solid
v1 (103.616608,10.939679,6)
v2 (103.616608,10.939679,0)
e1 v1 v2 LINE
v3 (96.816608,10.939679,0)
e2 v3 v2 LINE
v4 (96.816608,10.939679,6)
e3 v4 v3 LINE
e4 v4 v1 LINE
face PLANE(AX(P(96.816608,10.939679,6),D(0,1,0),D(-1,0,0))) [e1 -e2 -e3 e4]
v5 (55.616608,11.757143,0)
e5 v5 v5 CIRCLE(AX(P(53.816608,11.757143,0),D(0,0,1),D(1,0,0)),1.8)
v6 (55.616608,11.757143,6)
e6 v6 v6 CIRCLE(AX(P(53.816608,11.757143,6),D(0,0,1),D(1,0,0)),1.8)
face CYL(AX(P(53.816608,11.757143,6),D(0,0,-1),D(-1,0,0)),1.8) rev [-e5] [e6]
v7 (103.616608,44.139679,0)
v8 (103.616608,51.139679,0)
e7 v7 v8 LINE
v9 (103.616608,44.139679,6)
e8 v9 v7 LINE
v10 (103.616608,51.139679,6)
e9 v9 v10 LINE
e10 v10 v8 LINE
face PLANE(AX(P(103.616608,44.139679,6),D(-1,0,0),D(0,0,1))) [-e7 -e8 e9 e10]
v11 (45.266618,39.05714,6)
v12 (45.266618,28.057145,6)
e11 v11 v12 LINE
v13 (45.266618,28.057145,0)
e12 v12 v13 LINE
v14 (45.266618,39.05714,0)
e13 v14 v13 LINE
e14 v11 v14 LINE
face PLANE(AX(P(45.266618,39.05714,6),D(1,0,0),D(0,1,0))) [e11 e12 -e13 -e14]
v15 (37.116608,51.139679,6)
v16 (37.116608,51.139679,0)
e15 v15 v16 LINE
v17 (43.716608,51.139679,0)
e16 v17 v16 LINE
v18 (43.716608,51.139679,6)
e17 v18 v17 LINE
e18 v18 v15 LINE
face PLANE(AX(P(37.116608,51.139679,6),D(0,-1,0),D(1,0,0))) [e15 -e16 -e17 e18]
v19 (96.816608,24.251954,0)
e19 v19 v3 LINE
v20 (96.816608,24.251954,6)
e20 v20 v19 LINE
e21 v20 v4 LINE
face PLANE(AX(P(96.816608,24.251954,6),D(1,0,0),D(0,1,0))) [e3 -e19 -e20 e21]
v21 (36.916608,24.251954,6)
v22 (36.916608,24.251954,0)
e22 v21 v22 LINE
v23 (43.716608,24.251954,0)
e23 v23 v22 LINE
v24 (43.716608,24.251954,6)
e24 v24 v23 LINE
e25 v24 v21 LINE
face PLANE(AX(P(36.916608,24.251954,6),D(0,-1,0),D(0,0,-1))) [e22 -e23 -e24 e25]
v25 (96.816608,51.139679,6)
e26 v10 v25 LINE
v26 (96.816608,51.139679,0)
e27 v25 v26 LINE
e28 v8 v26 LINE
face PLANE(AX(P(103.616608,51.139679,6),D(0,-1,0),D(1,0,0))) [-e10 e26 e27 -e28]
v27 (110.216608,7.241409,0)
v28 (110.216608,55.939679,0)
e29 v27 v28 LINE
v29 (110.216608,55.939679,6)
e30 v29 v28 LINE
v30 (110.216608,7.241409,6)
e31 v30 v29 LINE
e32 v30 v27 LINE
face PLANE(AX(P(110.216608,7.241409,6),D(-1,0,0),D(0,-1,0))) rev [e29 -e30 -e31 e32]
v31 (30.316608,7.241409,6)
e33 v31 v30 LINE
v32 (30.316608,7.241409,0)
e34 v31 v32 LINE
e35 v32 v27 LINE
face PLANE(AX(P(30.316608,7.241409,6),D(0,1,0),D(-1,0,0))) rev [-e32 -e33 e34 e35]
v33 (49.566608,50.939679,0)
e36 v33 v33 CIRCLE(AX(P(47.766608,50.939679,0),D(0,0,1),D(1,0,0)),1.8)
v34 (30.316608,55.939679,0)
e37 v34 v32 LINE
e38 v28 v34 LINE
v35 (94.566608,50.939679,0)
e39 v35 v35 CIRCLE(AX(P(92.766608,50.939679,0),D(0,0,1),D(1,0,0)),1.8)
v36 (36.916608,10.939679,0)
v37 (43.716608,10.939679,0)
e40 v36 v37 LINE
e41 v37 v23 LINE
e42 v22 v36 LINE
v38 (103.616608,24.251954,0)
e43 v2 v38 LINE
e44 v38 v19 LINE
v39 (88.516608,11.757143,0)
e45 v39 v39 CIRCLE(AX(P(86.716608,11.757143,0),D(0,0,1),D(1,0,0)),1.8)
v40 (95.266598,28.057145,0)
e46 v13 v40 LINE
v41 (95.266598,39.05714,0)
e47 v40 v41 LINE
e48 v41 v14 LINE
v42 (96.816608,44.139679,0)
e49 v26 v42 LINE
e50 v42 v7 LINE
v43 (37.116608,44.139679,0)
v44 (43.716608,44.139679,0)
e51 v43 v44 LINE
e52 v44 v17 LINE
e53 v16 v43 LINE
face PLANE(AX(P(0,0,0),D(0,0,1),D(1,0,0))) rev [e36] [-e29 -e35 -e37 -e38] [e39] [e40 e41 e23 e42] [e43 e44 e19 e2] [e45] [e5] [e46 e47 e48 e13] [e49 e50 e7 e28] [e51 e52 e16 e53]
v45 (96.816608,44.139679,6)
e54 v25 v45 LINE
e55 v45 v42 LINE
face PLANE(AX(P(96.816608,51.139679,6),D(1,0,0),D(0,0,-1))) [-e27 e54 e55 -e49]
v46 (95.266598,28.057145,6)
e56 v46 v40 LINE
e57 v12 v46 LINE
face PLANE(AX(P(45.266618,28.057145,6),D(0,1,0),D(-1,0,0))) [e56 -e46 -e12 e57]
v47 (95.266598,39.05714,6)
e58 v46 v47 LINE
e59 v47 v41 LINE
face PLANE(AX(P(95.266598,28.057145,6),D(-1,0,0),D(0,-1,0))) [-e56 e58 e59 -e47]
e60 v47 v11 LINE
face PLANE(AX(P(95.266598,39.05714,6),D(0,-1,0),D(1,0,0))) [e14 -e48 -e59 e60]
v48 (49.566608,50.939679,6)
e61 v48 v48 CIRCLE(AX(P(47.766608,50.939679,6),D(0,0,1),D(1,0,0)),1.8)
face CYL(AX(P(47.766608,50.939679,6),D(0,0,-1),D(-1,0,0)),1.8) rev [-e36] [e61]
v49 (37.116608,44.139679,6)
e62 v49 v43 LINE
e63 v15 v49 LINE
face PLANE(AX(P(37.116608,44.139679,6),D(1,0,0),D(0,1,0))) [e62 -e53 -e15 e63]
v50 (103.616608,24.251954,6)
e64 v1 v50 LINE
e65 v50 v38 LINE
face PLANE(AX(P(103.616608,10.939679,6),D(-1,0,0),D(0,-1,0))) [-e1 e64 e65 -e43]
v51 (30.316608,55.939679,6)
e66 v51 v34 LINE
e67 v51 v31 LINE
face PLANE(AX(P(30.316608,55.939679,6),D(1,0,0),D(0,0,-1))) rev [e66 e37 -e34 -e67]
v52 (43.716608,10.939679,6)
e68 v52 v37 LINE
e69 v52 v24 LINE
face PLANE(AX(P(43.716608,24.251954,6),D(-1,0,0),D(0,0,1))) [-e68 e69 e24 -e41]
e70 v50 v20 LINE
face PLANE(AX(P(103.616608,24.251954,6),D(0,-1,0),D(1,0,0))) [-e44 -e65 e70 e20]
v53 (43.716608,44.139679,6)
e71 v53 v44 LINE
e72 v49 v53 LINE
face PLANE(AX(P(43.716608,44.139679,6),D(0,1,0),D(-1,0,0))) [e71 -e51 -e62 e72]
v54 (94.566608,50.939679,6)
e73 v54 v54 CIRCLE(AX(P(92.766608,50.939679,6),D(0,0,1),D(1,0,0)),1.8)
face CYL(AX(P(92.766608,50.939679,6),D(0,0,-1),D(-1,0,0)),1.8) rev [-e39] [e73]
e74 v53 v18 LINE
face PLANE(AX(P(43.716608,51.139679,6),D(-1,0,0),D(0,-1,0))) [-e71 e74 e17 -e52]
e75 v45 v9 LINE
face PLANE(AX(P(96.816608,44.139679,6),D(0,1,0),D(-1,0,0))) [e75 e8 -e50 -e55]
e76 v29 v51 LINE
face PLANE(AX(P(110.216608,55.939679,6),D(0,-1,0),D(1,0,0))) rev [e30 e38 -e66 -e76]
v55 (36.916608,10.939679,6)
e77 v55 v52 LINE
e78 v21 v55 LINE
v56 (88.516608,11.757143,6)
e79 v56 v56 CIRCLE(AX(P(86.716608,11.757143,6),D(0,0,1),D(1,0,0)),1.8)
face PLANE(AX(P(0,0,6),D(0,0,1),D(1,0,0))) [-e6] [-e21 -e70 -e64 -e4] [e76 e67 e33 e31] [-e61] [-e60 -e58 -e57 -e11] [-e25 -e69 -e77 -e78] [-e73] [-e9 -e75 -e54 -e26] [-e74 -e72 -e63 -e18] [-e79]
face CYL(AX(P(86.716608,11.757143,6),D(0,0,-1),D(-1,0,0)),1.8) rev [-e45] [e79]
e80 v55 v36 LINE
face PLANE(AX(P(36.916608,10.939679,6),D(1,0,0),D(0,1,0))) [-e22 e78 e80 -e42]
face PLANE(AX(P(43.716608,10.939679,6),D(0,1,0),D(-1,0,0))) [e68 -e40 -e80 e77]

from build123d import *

# Parameters (mm, degrees)
MODEL_W                  = 79.9
MODEL_H                  = 48.698269882
MODEL_R                  = 1.8
MODEL_W_2                = 6.8
MODEL_H_2                = 13.312275424
MODEL_W_3                = 6.6
MODEL_H_3                = 7
MODEL_W_4                = 49.999979697
MODEL_H_4                = 10.999995003
RESSALTO_EXTRUS_O1_DEPTH = 6


with BuildPart() as part:
    # Model → Ressalto-extrusão1 (new body)
    with BuildSketch(Plane.XY):
        with Locations((70.266607808, 31.590543985)):
            Rectangle(MODEL_W, MODEL_H)
        with Locations((53.816607808, 11.757142514)):
            Circle(MODEL_R, mode=Mode.SUBTRACT)
        with Locations((92.766607808, 50.939678926)):
            Circle(MODEL_R, mode=Mode.SUBTRACT)
        with Locations((86.716607808, 11.757142514)):
            Circle(MODEL_R, mode=Mode.SUBTRACT)
        with Locations((47.766607808, 50.939678926)):
            Circle(MODEL_R, mode=Mode.SUBTRACT)
        with Locations((40.316607808, 17.595816638)):
            Rectangle(MODEL_W_2, MODEL_H_2, mode=Mode.SUBTRACT)
        with Locations((40.416607808, 47.639678926)):
            Rectangle(MODEL_W_3, MODEL_H_3, mode=Mode.SUBTRACT)
        with Locations((100.216607808, 17.595816638)):
            Rectangle(MODEL_W_2, MODEL_H_2, mode=Mode.SUBTRACT)
        with Locations((100.216607808, 47.639678926)):
            Rectangle(MODEL_W_2, MODEL_H_3, mode=Mode.SUBTRACT)
        with Locations((70.266607808, 33.557142515)):
            Rectangle(MODEL_W_4, MODEL_H_4, mode=Mode.SUBTRACT)
    extrude(amount=RESSALTO_EXTRUS_O1_DEPTH)


solid = part.part
